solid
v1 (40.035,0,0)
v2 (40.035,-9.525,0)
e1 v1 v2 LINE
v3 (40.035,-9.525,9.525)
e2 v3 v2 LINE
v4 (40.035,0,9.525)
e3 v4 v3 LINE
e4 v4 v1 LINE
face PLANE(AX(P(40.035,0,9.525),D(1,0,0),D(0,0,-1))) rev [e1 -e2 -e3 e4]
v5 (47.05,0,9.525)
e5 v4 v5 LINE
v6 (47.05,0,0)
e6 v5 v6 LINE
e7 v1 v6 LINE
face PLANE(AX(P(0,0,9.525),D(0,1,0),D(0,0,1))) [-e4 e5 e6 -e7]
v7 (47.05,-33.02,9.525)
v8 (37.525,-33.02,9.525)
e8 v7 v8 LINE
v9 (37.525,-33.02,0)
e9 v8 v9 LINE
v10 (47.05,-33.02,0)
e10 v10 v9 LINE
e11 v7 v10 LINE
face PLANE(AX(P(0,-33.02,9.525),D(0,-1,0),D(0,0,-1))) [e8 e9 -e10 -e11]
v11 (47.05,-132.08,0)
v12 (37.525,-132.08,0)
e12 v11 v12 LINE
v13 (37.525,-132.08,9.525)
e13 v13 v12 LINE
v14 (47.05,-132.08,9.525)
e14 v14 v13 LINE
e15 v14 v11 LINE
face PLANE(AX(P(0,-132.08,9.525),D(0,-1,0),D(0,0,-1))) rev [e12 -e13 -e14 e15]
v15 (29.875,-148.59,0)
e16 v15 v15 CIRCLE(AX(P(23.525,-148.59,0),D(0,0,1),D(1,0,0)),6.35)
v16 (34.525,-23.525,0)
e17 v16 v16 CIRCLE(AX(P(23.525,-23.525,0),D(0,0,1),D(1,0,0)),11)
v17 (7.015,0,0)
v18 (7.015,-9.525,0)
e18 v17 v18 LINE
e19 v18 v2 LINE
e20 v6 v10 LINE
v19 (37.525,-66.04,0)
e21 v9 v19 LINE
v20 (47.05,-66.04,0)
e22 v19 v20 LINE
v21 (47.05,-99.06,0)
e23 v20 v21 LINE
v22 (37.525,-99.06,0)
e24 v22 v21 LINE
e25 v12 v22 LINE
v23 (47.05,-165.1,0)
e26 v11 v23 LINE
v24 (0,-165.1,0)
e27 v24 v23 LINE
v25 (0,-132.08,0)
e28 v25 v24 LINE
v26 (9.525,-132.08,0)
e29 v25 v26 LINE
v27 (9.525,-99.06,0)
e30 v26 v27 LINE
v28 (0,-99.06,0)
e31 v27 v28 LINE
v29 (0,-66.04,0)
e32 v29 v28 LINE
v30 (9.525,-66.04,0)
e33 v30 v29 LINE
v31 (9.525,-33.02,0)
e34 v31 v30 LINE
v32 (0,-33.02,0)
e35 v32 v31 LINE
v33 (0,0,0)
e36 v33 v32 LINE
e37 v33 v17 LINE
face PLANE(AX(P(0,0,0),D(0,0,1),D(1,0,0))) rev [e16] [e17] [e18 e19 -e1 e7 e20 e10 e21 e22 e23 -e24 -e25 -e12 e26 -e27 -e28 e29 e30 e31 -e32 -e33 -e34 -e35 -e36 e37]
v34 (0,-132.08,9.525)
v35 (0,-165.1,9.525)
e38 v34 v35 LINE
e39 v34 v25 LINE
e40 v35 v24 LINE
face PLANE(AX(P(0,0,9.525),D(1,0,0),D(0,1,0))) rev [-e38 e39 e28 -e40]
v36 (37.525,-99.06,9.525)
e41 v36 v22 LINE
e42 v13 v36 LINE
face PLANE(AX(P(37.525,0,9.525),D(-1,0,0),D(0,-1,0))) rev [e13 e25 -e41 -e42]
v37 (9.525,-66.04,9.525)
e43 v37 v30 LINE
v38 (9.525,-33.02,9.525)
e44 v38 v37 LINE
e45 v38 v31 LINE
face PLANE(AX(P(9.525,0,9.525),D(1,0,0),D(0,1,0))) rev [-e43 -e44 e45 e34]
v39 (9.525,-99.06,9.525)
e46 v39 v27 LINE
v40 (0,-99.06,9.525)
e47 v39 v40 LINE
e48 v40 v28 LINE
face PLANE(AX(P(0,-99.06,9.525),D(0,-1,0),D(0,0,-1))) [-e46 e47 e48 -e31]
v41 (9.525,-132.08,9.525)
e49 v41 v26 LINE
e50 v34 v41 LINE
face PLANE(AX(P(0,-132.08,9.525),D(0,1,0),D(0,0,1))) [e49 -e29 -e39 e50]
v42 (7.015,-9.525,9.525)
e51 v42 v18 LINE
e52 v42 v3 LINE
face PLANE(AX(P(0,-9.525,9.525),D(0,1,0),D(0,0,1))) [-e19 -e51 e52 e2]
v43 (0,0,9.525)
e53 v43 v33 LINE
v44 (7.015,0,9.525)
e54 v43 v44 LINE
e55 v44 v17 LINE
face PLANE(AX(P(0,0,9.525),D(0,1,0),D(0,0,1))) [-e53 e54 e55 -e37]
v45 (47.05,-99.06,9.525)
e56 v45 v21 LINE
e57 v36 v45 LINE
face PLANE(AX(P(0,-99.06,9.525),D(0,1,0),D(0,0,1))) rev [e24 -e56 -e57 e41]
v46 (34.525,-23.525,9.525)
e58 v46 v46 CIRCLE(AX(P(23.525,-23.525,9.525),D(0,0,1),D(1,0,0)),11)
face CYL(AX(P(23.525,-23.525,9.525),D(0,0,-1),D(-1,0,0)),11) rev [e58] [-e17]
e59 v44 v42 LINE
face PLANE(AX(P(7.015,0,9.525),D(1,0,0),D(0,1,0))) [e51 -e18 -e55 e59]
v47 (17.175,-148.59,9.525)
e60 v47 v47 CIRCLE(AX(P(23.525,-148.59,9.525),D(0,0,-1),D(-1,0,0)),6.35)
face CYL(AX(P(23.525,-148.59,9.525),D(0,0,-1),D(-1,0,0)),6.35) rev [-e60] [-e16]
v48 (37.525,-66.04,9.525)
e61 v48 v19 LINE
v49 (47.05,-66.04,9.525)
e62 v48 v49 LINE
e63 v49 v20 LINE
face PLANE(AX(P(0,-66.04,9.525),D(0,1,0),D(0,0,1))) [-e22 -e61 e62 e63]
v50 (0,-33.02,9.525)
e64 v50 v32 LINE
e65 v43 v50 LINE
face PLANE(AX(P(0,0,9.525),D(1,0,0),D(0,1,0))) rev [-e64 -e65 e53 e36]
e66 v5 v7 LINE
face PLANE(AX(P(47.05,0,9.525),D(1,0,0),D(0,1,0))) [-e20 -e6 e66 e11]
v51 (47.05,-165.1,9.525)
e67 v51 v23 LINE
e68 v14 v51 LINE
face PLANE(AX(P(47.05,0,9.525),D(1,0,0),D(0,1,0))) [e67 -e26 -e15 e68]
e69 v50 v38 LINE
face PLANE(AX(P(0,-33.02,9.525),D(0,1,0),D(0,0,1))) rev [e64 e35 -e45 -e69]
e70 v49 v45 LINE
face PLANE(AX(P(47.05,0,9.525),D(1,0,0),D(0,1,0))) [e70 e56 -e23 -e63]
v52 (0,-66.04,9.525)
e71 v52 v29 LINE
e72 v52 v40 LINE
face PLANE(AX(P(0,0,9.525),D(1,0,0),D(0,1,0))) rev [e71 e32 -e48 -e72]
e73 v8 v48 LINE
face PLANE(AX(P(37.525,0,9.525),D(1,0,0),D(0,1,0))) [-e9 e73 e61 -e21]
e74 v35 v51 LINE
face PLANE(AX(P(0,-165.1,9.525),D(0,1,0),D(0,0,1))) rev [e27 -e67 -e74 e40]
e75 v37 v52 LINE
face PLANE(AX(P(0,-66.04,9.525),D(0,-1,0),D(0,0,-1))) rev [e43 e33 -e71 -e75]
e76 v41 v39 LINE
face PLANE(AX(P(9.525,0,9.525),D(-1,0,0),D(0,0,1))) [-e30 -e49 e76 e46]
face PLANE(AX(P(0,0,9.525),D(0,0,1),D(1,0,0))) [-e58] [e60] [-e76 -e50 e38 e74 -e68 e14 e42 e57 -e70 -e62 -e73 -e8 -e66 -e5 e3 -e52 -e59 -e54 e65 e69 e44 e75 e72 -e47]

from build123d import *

# Parameters (mm, degrees)
SKETCH1_R               = 11
BOSS_EXTRUDE1_DEPTH     = 9.525
SKETCH3_R               = 6.35
CUT_EXTRUDE1_DEPTH      = 1
CUT_EXTRUDE1_DEPTH_BACK = 10.525


with BuildPart() as part:
    # Sketch1 → Boss-Extrude1 (new body)
    with BuildSketch(Plane.XY):
        Polygon((0, 0), (0, -33.02), (9.525, -33.02), (9.525, -66.04), (0, -66.04), (0, -99.06), (9.525, -99.06), (9.525, -132.08), (0, -132.08), (0, -165.1), (47.05, -165.1), (47.05, -132.08), (37.525, -132.08), (37.525, -99.06), (47.05, -99.06), (47.05, -66.04), (37.525, -66.04), (37.525, -33.02), (47.05, -33.02), (47.05, 0), (40.03499994, 0), (40.03499994, -9.525), (7.01499994, -9.525), (7.01499994, 0), align=None)
        with Locations((23.525, -23.525)):
            Circle(SKETCH1_R, mode=Mode.SUBTRACT)
    extrude(amount=BOSS_EXTRUDE1_DEPTH)

    # Sketch3 → Cut-Extrude1 (cut, two sides)
    with BuildSketch(Plane(origin=(0, 0, 0), x_dir=(-1, 0, 0), z_dir=(0, 0, -1))) as cut_extrude1_sk:
        with Locations((-23.525, -148.59)):
            Circle(SKETCH3_R)
    extrude(amount=CUT_EXTRUDE1_DEPTH, mode=Mode.SUBTRACT)
    extrude(cut_extrude1_sk.sketch, amount=-CUT_EXTRUDE1_DEPTH_BACK, mode=Mode.SUBTRACT)


solid = part.part
